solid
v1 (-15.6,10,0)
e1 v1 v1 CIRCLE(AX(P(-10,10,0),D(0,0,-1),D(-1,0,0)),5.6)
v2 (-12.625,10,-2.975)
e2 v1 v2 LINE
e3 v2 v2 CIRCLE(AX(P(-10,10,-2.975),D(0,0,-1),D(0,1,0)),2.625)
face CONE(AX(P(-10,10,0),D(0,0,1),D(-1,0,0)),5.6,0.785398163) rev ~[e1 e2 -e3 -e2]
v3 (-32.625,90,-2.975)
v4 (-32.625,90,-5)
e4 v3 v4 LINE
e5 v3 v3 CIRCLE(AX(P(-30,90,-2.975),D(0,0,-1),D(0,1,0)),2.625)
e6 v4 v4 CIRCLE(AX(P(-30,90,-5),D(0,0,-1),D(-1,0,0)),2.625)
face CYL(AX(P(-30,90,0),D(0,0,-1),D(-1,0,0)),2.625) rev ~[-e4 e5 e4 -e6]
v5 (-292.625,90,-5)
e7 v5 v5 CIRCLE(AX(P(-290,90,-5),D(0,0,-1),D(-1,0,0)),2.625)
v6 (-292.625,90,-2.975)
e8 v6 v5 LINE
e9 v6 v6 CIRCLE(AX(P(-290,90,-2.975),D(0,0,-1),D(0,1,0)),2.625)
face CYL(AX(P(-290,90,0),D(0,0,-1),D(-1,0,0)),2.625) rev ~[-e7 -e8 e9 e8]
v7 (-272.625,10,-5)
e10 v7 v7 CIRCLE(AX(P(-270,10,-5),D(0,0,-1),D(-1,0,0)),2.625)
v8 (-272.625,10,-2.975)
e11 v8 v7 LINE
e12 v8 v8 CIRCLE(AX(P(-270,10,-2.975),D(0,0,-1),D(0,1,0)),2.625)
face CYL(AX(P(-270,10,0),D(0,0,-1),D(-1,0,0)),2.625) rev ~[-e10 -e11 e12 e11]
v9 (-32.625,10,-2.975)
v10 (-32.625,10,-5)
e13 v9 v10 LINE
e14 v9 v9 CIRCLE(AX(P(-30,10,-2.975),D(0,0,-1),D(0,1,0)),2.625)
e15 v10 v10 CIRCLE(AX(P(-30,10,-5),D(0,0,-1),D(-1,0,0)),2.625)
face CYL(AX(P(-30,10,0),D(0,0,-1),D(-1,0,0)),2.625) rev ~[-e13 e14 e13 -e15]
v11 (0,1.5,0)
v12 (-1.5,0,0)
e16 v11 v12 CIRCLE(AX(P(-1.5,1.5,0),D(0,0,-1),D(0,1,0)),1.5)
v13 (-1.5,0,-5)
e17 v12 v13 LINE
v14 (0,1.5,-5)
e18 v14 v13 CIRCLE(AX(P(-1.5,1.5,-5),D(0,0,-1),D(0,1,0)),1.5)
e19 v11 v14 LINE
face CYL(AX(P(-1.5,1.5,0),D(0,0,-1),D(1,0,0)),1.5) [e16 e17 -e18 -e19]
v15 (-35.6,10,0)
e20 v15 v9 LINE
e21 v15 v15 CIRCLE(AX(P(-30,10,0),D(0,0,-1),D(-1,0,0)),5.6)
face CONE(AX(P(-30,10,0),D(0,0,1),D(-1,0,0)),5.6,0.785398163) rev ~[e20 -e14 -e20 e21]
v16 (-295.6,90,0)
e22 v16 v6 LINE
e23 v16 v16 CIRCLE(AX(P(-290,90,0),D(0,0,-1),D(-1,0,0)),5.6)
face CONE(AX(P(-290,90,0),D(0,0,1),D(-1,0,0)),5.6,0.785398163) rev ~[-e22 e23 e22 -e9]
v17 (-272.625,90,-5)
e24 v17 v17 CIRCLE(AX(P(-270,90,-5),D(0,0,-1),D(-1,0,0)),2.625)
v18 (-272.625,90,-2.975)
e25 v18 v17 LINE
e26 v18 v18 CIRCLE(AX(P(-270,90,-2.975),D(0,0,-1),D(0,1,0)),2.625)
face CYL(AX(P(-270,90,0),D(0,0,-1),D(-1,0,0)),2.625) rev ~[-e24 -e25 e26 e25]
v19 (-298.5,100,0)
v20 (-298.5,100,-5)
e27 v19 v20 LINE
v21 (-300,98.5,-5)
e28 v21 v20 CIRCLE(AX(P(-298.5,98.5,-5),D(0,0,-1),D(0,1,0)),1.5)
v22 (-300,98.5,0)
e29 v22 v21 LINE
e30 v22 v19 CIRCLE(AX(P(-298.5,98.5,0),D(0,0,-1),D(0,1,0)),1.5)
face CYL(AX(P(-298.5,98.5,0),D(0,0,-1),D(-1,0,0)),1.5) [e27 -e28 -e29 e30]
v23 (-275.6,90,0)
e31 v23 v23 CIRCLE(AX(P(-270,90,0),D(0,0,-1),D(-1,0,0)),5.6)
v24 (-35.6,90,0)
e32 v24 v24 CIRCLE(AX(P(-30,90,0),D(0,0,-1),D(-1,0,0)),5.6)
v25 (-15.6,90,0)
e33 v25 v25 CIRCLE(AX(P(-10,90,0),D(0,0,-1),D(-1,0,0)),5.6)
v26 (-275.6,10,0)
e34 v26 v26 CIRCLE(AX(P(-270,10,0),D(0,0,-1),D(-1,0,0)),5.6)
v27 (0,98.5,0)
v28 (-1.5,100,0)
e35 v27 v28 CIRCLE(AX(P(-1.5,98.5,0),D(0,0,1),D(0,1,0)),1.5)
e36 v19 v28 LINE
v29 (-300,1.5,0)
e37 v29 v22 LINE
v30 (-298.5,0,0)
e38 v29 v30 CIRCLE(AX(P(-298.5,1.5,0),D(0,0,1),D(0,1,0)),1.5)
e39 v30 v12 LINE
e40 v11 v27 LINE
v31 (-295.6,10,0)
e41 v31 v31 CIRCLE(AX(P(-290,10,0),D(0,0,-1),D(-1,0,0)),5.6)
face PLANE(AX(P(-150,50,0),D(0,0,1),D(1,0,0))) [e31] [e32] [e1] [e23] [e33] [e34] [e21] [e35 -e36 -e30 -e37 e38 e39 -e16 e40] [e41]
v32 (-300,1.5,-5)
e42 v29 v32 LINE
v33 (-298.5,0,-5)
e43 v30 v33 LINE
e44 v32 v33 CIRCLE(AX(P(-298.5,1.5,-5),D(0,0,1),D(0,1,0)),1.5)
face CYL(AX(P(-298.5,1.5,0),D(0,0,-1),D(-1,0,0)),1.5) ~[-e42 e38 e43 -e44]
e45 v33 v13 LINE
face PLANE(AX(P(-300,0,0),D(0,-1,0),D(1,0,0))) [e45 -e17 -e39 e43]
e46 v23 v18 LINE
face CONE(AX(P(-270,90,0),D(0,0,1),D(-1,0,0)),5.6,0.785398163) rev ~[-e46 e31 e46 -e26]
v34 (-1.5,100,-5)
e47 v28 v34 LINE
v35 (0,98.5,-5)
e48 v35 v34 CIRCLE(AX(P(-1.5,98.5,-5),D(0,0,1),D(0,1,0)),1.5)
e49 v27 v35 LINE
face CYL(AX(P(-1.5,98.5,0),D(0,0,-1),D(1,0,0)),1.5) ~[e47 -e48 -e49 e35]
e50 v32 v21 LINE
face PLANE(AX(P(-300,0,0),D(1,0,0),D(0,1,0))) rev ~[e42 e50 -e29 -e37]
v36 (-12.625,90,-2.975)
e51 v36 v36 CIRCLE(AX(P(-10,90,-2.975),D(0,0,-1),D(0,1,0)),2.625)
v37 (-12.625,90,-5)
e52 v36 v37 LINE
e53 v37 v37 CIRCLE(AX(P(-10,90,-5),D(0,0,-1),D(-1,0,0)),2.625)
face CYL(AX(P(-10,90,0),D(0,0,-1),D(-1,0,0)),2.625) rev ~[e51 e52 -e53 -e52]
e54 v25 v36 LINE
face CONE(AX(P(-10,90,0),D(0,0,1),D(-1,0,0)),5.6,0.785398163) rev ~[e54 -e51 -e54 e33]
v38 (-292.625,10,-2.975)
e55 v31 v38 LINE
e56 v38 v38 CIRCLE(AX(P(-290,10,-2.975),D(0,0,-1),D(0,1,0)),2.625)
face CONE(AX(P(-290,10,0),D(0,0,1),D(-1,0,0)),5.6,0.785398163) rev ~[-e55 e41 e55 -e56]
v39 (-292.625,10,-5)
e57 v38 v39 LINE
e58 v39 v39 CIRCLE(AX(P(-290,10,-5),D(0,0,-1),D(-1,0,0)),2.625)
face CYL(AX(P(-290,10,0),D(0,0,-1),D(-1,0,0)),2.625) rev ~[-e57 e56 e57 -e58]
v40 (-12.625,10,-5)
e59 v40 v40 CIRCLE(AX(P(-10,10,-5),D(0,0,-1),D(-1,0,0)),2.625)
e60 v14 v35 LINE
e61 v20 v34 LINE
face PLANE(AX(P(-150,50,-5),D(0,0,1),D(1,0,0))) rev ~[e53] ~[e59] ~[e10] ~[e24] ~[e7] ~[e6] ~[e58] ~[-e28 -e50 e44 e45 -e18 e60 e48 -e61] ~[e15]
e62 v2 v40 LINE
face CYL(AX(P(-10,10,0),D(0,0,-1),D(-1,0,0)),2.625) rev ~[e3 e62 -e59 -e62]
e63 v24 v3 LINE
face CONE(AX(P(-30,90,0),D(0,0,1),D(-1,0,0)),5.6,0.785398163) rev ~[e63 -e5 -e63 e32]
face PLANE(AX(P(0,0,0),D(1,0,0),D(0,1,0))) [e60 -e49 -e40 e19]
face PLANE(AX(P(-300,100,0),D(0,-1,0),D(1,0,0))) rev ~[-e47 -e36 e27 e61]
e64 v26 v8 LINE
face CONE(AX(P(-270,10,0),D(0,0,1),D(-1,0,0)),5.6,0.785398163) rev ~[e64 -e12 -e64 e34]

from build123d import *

# Parameters (mm, degrees)
F0_W           = 300
F0_H           = 100
F1_DEPTH       = 5
F2_D           = 5.25
F2_CSINK_D     = 11.2
F2_CSINK_ANGLE = 90
F3_R           = 1.5


with BuildPart() as f1:
    # F0 (on Top) → F1 (new body)
    with BuildSketch(Plane.XY):
        with Locations((-150, 50)):
            Rectangle(F0_W, F0_H)
    extrude(amount=-F1_DEPTH)

    # F2 (through all)
    with Locations(Plane.XY):
        with Locations((-290, 10), (-270, 10), (-30, 10), (-10, 10), (-30, 90), (-10, 90), (-290, 90), (-270, 90)):
            CounterSinkHole(F2_D / 2, F2_CSINK_D / 2, counter_sink_angle=F2_CSINK_ANGLE)

    # F3
    f3_edges = [f1.edges().sort_by_distance(p)[0] for p in [
        (0, 0, -2.5),
        (0, 100, -2.5),
        (-300, 0, -2.5),
        (-300, 100, -2.5),
    ]]
    fillet(f3_edges, radius=F3_R)


solid = f1.part
